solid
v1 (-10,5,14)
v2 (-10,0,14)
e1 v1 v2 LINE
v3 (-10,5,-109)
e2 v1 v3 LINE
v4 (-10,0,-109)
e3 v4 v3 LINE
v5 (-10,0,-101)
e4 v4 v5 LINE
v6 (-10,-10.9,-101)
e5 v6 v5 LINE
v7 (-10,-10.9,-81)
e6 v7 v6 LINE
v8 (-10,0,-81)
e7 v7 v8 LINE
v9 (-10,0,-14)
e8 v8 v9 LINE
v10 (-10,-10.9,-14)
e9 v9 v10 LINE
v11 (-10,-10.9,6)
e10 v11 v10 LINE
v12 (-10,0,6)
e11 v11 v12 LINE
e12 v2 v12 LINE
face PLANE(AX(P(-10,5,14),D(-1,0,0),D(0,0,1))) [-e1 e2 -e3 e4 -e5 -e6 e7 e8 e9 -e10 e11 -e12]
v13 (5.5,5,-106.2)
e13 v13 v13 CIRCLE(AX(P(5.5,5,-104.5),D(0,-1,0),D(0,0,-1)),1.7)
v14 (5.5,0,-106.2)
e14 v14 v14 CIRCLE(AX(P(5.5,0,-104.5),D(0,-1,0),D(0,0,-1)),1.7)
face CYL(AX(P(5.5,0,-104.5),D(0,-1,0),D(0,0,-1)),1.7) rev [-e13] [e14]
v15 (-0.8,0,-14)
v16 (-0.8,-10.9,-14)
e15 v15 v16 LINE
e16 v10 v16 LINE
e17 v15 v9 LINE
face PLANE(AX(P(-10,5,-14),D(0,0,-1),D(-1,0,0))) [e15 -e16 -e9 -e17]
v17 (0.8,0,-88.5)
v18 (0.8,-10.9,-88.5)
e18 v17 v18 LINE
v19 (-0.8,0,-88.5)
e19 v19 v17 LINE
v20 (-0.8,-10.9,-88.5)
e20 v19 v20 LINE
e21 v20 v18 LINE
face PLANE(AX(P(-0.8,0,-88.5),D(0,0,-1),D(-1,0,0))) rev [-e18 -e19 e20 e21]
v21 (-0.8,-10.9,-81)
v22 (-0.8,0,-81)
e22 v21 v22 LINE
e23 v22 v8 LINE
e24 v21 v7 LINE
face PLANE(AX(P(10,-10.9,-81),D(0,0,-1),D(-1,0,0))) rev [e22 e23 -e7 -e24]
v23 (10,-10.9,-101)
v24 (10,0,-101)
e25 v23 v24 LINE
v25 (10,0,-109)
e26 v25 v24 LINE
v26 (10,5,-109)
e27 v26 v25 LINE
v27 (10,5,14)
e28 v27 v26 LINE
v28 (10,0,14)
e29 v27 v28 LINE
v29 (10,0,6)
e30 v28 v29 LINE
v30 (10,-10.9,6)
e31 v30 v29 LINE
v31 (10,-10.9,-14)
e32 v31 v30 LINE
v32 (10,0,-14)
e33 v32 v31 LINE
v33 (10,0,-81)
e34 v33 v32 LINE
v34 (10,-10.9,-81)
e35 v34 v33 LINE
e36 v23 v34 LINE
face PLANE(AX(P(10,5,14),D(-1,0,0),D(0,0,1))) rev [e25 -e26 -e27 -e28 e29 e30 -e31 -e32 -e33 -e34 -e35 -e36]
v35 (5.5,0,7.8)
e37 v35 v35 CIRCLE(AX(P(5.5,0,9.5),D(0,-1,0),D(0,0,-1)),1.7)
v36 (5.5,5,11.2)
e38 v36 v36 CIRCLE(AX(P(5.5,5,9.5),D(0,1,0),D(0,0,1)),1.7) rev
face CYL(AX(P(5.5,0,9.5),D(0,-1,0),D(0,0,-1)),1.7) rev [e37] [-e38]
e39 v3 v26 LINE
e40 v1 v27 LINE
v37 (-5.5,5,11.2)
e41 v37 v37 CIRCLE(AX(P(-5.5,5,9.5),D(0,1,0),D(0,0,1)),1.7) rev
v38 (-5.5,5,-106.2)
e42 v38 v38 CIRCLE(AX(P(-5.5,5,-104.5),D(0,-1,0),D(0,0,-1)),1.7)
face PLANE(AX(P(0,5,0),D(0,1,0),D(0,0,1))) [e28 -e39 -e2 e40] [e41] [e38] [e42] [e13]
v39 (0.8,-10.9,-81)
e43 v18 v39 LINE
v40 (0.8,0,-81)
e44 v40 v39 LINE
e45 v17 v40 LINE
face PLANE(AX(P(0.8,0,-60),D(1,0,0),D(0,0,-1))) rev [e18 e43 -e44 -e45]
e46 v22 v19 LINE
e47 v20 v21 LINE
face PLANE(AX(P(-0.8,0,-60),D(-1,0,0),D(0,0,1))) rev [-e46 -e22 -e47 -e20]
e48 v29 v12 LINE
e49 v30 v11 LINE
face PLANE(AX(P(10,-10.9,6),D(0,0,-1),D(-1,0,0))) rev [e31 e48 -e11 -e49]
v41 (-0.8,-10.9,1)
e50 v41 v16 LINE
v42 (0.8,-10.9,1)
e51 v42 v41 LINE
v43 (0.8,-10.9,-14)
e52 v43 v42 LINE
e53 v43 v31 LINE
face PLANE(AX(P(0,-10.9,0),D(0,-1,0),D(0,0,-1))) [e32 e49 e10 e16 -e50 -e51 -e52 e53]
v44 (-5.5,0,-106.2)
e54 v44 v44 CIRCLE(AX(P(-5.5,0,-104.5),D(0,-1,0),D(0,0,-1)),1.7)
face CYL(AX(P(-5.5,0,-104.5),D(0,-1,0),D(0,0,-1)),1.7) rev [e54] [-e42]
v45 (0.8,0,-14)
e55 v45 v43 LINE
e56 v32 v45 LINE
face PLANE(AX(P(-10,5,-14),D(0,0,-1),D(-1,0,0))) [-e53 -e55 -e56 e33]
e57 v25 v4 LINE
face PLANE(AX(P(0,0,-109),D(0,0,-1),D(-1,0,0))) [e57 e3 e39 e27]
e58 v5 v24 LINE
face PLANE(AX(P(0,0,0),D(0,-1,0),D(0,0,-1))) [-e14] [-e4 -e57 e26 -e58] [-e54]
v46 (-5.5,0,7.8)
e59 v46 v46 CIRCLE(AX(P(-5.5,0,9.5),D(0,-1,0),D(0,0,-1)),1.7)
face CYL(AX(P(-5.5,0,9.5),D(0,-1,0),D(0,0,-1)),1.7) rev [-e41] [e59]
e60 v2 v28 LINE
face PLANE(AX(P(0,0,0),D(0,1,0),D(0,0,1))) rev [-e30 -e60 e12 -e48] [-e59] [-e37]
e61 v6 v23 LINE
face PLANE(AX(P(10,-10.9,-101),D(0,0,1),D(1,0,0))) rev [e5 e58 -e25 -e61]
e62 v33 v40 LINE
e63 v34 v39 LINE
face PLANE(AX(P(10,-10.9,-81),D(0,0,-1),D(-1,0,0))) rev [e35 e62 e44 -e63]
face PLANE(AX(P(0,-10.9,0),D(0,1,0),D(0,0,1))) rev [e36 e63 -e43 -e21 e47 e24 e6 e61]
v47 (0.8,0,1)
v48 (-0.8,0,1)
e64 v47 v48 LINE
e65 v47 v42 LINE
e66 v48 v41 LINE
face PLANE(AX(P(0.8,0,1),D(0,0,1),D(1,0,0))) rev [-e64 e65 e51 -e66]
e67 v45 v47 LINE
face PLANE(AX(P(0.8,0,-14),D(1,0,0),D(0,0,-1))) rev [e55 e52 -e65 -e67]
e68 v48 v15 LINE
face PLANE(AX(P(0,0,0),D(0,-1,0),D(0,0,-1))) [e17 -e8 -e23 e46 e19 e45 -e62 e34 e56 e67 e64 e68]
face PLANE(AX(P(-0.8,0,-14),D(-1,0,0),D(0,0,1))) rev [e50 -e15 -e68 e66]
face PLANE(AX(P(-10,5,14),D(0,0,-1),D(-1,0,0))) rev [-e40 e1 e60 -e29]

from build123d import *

# Parameters (mm, degrees)
SKETCH1_W            = 20
SKETCH1_H            = 28
BOSS_EXTRUDE1_DEPTH  = 5
SKETCH2_W            = 20
SKETCH2_H            = 20
BOSS_EXTRUDE2_DEPTH  = 10.9
SKETCH3_W            = 1.6
SKETCH3_H            = 15
CUT_EXTRUDE1_DEPTH   = 10.9
M3_CLEARANCE_HOLE1_D = 3.4
SKETCH6_W            = 20
SKETCH6_H            = 5
BOSS_EXTRUDE3_DEPTH  = 87
SKETCH7_W            = 20
SKETCH7_H            = 5
BOSS_EXTRUDE4_DEPTH  = 8
SKETCH8_W            = 20
SKETCH8_H            = 20
BOSS_EXTRUDE5_DEPTH  = 10.9
SKETCH9_W            = 1.6
SKETCH9_H            = 28.5
CUT_EXTRUDE2_DEPTH   = 10.9
M3_CLEARANCE_HOLE2_D = 3.4


with BuildPart() as part:
    # Sketch1 → Boss-Extrude1 (new body)
    with BuildSketch(Plane(origin=(0, 0, 0), x_dir=(1, 0, 0), z_dir=(0, 1, 0))):
        Rectangle(SKETCH1_W, SKETCH1_H)
    extrude(amount=BOSS_EXTRUDE1_DEPTH)

    # Sketch2 → Boss-Extrude2 (add)
    with BuildSketch(Plane(origin=(0, 0, 0), x_dir=(-1, 0, 0), z_dir=(0, -1, 0))):
        with Locations((0, 4)):
            Rectangle(SKETCH2_W, SKETCH2_H)
    extrude(amount=BOSS_EXTRUDE2_DEPTH)

    # Sketch3 → Cut-Extrude1 (cut)
    with BuildSketch(Plane(origin=(0, -10.9, 0), x_dir=(-1, 0, 0), z_dir=(0, -1, 0))):
        with Locations((0, 6.5)):
            Rectangle(SKETCH3_W, SKETCH3_H)
    extrude(amount=-CUT_EXTRUDE1_DEPTH, mode=Mode.SUBTRACT)

    # M3 Clearance Hole1 (through all)
    with Locations(Plane(origin=(0, 0, 0), x_dir=(-1, 0, 0), z_dir=(0, -1, 0))):
        with Locations((-5.5, -9.5), (5.5, -9.5)):
            Hole(M3_CLEARANCE_HOLE1_D / 2)

    # Sketch6 → Boss-Extrude3 (add)
    with BuildSketch(Plane(origin=(0, 0, -14), x_dir=(-1, 0, 0), z_dir=(0, 0, -1))):
        with Locations((0, 2.5)):
            Rectangle(SKETCH6_W, SKETCH6_H)
    extrude(amount=BOSS_EXTRUDE3_DEPTH)

    # Sketch7 → Boss-Extrude4 (add)
    with BuildSketch(Plane(origin=(0, 0, -101), x_dir=(-1, 0, 0), z_dir=(0, 0, -1))):
        with Locations((0, 2.5)):
            Rectangle(SKETCH7_W, SKETCH7_H)
    extrude(amount=BOSS_EXTRUDE4_DEPTH)

    # Sketch8 → Boss-Extrude5 (add)
    with BuildSketch(Plane(origin=(0, 0, 0), x_dir=(-1, 0, 0), z_dir=(0, -1, 0))):
        with Locations((0, 91)):
            Rectangle(SKETCH8_W, SKETCH8_H)
    extrude(amount=BOSS_EXTRUDE5_DEPTH)

    # Sketch9 → Cut-Extrude2 (cut)
    with BuildSketch(Plane(origin=(0, -10.9, 0), x_dir=(-1, 0, 0), z_dir=(0, -1, 0))):
        with Locations((0, 74.25)):
            Rectangle(SKETCH9_W, SKETCH9_H)
    extrude(amount=-CUT_EXTRUDE2_DEPTH, mode=Mode.SUBTRACT)

    # M3 Clearance Hole2 (through all)
    with Locations(Plane(origin=(0, 0, 0), x_dir=(-1, 0, 0), z_dir=(0, -1, 0))):
        with Locations((-5.5, 104.5), (5.5, 104.5)):
            Hole(M3_CLEARANCE_HOLE2_D / 2)


solid = part.part
